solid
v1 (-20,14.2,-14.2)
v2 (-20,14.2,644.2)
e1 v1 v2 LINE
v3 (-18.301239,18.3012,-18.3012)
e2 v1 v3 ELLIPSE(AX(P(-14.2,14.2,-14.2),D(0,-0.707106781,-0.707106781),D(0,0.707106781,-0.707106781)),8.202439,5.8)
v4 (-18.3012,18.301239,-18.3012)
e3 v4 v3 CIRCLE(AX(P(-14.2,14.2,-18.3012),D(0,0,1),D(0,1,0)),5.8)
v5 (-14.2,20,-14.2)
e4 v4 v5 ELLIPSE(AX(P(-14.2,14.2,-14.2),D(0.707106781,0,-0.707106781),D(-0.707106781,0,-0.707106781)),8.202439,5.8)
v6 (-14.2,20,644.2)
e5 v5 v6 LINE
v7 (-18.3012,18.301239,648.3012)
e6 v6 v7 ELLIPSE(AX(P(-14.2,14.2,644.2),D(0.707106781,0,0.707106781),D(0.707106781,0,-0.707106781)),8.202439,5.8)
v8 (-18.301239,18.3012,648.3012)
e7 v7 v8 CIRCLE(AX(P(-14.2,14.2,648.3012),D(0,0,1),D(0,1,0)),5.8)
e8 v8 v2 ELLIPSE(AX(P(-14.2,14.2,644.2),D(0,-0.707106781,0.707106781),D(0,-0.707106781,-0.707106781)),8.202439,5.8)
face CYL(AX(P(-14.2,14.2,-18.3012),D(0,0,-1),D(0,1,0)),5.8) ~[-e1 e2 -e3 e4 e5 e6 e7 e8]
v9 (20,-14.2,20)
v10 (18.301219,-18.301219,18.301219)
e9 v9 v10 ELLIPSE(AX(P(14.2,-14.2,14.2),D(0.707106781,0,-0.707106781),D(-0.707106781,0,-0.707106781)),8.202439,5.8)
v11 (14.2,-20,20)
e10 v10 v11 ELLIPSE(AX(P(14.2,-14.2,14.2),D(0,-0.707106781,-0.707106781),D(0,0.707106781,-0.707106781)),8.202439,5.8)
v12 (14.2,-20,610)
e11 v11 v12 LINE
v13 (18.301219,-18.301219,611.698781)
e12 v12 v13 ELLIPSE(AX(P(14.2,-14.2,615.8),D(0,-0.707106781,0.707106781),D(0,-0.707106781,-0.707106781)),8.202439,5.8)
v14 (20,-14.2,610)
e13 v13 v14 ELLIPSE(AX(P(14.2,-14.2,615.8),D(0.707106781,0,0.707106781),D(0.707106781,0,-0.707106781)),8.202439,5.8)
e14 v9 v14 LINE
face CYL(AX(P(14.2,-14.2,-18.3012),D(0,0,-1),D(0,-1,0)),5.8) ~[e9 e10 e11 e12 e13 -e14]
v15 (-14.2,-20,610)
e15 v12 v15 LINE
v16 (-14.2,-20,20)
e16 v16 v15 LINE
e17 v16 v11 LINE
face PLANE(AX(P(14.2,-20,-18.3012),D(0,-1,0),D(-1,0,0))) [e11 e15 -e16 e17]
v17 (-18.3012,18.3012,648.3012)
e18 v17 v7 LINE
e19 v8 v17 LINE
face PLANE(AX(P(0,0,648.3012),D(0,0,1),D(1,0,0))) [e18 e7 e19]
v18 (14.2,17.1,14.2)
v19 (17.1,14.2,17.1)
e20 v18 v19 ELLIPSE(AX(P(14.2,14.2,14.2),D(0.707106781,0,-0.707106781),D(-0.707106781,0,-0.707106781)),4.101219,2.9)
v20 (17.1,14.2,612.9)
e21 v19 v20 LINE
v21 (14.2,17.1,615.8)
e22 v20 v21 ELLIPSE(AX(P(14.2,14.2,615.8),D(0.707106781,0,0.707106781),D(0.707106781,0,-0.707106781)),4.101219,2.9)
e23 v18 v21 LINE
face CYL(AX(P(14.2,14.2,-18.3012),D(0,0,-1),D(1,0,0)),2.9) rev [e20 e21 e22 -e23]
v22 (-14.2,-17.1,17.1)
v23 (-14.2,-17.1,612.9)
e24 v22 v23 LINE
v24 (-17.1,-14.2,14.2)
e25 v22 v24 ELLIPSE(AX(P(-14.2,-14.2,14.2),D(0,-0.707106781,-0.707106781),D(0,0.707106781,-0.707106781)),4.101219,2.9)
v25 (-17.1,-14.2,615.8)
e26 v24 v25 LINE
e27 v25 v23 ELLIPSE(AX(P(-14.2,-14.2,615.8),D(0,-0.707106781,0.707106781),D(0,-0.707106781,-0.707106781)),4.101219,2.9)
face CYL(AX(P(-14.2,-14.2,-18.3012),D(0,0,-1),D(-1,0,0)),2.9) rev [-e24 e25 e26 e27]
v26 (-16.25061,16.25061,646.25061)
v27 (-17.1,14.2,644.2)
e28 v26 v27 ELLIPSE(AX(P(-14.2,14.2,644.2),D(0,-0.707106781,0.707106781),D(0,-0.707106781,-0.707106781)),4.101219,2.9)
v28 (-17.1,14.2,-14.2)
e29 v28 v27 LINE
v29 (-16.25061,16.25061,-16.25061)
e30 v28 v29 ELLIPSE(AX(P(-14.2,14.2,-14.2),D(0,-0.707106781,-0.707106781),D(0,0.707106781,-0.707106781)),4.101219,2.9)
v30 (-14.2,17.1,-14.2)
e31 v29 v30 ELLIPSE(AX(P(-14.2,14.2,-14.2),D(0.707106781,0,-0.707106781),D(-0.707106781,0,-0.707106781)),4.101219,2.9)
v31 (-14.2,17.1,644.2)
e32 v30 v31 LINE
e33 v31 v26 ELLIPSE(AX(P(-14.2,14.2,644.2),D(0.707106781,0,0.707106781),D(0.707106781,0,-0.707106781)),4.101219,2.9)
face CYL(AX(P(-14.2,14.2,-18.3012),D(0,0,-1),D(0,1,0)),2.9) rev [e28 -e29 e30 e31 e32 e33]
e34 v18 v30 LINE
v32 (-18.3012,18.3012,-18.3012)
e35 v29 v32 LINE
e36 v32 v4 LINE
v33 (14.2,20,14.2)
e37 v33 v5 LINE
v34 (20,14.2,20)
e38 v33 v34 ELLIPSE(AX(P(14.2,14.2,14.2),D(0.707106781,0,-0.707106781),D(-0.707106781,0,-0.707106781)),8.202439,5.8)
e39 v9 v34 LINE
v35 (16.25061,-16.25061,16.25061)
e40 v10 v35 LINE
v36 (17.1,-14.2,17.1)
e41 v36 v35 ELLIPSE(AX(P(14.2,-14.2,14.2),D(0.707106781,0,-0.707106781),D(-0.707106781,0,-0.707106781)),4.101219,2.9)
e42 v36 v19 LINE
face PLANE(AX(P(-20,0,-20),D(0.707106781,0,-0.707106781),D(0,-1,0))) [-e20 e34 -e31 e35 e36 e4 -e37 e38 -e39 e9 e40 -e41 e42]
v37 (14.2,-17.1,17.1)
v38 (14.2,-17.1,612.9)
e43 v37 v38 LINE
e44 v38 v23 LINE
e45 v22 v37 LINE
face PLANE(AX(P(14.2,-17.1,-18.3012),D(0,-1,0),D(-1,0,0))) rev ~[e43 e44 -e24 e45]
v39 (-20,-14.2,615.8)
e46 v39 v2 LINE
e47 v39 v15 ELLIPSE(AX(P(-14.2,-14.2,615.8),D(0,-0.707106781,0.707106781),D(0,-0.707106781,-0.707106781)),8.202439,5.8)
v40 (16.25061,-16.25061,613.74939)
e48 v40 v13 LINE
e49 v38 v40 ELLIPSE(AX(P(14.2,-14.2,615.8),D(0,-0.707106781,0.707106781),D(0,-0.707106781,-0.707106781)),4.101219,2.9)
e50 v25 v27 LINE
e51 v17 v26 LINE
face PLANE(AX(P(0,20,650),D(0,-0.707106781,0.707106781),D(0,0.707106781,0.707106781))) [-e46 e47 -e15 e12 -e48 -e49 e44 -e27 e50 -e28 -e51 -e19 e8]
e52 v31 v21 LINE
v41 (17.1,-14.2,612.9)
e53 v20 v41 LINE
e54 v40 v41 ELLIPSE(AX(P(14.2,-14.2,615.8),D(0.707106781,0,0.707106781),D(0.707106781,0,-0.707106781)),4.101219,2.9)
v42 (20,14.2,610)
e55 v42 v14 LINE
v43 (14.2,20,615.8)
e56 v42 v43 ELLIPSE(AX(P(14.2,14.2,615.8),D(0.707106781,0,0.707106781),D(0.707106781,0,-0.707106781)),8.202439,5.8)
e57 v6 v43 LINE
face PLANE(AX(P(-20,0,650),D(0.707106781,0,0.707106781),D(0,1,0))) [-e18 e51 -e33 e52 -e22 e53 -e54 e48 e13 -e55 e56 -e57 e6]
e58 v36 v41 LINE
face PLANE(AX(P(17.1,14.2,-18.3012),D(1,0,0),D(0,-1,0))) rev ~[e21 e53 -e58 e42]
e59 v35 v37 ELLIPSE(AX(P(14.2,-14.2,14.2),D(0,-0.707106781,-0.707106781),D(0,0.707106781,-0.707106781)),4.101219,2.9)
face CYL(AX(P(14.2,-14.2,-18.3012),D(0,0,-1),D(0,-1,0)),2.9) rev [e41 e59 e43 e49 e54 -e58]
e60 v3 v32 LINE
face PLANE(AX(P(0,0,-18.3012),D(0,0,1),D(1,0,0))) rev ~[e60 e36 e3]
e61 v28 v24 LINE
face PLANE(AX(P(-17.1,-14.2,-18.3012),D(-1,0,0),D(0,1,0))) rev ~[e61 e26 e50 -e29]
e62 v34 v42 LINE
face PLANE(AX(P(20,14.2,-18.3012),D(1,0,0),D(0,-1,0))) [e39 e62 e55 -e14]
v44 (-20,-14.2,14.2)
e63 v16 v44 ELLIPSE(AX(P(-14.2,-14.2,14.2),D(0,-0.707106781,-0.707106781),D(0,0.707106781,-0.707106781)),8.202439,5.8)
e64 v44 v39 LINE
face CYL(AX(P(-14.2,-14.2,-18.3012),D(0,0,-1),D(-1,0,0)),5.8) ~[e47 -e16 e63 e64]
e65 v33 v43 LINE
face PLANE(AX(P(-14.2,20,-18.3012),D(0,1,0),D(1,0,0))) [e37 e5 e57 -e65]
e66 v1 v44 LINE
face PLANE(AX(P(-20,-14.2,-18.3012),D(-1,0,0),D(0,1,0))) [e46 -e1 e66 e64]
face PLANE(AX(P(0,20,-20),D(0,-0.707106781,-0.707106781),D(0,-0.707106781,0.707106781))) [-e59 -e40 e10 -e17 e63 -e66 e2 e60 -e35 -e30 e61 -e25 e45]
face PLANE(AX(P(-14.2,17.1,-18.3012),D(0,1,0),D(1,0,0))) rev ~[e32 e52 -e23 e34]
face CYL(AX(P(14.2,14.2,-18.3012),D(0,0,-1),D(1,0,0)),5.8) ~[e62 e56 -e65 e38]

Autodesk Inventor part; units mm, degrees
ref_plane "Plano inicial" through (0, 0, -18.3012) normal (0, 0, 1) x (1, 0, 0)
ref_plane "Plano final" through (0, 0, 648.3012) normal (0, 0, 1) x (1, 0, 0)
sketch "Boceto" plane through (0, 0, 0) normal (0, 0, 1) x (1, 0, 0)
  line L0 (-14.2, 20) -> (14.2, 20)
  line L1 (20, 14.2) -> (20, -14.2)
  line L2 (14.2, -20) -> (-14.2, -20)
  line L3 (-20, -14.2) -> (-20, 14.2)
  arc A0 (-14.2, 20) -> (-20, 14.2) centre (-14.2, 14.2) ccw
  arc A1 (20, 14.2) -> (14.2, 20) centre (14.2, 14.2) ccw
  arc A2 (14.2, -20) -> (20, -14.2) centre (14.2, -14.2) ccw
  arc A3 (-20, -14.2) -> (-14.2, -20) centre (-14.2, -14.2) ccw
  line L4 (-29.6817, 0) -> (29.6817, 0) construction
  line L5 (0, -29.6817) -> (0, 29.6817) construction
  arc A4 (-14.2, 17.1) -> (-17.1, 14.2) centre (-14.2, 14.2) ccw
  line L6 (-14.2, 17.1) -> (14.2, 17.1)
  arc A5 (17.1, 14.2) -> (14.2, 17.1) centre (14.2, 14.2) ccw
  line L7 (17.1, 14.2) -> (17.1, -14.2)
  arc A6 (14.2, -17.1) -> (17.1, -14.2) centre (14.2, -14.2) ccw
  line L8 (14.2, -17.1) -> (-14.2, -17.1)
  arc A7 (-17.1, -14.2) -> (-14.2, -17.1) centre (-14.2, -14.2) ccw
  line L9 (-17.1, -14.2) -> (-17.1, 14.2)
  point P0 (-20, 20)
  point P1 (20, -20)
  point P2 (20, 20)
  dimension "b" = 40
  dimension "msp_r" = 5.8
  dimension "d8" = 20
  dimension "d9" = 20
  dimension "d10" = 2.9
extrude "Cuerpo" add sketch "Boceto" along normal up to surface (666.6024 mm away) from surface at -18.3012
sketch "Sketch2" plane through (0, 0, 0) normal (0, 0, 1) x (1, 0, 0)
  line L0 (0, 0) -> (10, 0)
ref_plane "Work Plane3" through (0, 0, 0) normal (0, -1, 0) x (1, 0, 0)
sketch "Sketch3" plane through (0, 0, 0) normal (0, -1, 0) x (1, 0, 0)
  line L0 (-2, -18.3012) -> (12, -18.3012)
  line L1 (-2, 648.3012) -> (12, 648.3012)
  dimension "d14" = 666.6024
ref_plane "Plano de trabajo4" through (-20, 0, -20) normal (0.7071, 0, -0.7071) x (-0.7071, 0, -0.7071)
split "Dividir1" plane through (-20, 0, -20) removes the side toward (0.7071, 0, -0.7071)
ref_plane "Plano de trabajo5" through (0, 20, -20) normal (0, -0.7071, -0.7071) x (1, 0, 0)
split "Dividir2" plane through (0, 20, -20) removes the side toward (0, -0.7071, -0.7071)
ref_plane "Plano de trabajo6" through (-20, 0, 650) normal (0.7071, 0, 0.7071) x (0.7071, 0, -0.7071)
split "Dividir3" plane through (-20, 0, 650) removes the side toward (0.7071, 0, 0.7071)
ref_plane "Plano de trabajo7" through (0, 20, 650) normal (0, -0.7071, 0.7071) x (1, 0, 0)
split "Dividir4" plane through (0, 20, 650) removes the side toward (0, -0.7071, 0.7071)
equation "\"msp_r\" = 2 * ParT"
equation "\"d8\" = d9"
equation "\"d9\" = 0.5 * b"
equation "\"d10\" = ParT"
equation "\"G_OFFSET_START\" = 18.30122"
equation "\"G_OFFSET_END\" = 18.30122"
equation "\"d11\" = -G_OFFSET_START"
equation "\"d12\" = G_OFFSET_END + B_L"
equation "\"G_L\" = d14"
equation "\"ParT\" = 2.9"
equation "\"B_L\" = 630"
properties part number "DIN 59 410 - 40x40x2.9-666.602" material "Acero, suave"
